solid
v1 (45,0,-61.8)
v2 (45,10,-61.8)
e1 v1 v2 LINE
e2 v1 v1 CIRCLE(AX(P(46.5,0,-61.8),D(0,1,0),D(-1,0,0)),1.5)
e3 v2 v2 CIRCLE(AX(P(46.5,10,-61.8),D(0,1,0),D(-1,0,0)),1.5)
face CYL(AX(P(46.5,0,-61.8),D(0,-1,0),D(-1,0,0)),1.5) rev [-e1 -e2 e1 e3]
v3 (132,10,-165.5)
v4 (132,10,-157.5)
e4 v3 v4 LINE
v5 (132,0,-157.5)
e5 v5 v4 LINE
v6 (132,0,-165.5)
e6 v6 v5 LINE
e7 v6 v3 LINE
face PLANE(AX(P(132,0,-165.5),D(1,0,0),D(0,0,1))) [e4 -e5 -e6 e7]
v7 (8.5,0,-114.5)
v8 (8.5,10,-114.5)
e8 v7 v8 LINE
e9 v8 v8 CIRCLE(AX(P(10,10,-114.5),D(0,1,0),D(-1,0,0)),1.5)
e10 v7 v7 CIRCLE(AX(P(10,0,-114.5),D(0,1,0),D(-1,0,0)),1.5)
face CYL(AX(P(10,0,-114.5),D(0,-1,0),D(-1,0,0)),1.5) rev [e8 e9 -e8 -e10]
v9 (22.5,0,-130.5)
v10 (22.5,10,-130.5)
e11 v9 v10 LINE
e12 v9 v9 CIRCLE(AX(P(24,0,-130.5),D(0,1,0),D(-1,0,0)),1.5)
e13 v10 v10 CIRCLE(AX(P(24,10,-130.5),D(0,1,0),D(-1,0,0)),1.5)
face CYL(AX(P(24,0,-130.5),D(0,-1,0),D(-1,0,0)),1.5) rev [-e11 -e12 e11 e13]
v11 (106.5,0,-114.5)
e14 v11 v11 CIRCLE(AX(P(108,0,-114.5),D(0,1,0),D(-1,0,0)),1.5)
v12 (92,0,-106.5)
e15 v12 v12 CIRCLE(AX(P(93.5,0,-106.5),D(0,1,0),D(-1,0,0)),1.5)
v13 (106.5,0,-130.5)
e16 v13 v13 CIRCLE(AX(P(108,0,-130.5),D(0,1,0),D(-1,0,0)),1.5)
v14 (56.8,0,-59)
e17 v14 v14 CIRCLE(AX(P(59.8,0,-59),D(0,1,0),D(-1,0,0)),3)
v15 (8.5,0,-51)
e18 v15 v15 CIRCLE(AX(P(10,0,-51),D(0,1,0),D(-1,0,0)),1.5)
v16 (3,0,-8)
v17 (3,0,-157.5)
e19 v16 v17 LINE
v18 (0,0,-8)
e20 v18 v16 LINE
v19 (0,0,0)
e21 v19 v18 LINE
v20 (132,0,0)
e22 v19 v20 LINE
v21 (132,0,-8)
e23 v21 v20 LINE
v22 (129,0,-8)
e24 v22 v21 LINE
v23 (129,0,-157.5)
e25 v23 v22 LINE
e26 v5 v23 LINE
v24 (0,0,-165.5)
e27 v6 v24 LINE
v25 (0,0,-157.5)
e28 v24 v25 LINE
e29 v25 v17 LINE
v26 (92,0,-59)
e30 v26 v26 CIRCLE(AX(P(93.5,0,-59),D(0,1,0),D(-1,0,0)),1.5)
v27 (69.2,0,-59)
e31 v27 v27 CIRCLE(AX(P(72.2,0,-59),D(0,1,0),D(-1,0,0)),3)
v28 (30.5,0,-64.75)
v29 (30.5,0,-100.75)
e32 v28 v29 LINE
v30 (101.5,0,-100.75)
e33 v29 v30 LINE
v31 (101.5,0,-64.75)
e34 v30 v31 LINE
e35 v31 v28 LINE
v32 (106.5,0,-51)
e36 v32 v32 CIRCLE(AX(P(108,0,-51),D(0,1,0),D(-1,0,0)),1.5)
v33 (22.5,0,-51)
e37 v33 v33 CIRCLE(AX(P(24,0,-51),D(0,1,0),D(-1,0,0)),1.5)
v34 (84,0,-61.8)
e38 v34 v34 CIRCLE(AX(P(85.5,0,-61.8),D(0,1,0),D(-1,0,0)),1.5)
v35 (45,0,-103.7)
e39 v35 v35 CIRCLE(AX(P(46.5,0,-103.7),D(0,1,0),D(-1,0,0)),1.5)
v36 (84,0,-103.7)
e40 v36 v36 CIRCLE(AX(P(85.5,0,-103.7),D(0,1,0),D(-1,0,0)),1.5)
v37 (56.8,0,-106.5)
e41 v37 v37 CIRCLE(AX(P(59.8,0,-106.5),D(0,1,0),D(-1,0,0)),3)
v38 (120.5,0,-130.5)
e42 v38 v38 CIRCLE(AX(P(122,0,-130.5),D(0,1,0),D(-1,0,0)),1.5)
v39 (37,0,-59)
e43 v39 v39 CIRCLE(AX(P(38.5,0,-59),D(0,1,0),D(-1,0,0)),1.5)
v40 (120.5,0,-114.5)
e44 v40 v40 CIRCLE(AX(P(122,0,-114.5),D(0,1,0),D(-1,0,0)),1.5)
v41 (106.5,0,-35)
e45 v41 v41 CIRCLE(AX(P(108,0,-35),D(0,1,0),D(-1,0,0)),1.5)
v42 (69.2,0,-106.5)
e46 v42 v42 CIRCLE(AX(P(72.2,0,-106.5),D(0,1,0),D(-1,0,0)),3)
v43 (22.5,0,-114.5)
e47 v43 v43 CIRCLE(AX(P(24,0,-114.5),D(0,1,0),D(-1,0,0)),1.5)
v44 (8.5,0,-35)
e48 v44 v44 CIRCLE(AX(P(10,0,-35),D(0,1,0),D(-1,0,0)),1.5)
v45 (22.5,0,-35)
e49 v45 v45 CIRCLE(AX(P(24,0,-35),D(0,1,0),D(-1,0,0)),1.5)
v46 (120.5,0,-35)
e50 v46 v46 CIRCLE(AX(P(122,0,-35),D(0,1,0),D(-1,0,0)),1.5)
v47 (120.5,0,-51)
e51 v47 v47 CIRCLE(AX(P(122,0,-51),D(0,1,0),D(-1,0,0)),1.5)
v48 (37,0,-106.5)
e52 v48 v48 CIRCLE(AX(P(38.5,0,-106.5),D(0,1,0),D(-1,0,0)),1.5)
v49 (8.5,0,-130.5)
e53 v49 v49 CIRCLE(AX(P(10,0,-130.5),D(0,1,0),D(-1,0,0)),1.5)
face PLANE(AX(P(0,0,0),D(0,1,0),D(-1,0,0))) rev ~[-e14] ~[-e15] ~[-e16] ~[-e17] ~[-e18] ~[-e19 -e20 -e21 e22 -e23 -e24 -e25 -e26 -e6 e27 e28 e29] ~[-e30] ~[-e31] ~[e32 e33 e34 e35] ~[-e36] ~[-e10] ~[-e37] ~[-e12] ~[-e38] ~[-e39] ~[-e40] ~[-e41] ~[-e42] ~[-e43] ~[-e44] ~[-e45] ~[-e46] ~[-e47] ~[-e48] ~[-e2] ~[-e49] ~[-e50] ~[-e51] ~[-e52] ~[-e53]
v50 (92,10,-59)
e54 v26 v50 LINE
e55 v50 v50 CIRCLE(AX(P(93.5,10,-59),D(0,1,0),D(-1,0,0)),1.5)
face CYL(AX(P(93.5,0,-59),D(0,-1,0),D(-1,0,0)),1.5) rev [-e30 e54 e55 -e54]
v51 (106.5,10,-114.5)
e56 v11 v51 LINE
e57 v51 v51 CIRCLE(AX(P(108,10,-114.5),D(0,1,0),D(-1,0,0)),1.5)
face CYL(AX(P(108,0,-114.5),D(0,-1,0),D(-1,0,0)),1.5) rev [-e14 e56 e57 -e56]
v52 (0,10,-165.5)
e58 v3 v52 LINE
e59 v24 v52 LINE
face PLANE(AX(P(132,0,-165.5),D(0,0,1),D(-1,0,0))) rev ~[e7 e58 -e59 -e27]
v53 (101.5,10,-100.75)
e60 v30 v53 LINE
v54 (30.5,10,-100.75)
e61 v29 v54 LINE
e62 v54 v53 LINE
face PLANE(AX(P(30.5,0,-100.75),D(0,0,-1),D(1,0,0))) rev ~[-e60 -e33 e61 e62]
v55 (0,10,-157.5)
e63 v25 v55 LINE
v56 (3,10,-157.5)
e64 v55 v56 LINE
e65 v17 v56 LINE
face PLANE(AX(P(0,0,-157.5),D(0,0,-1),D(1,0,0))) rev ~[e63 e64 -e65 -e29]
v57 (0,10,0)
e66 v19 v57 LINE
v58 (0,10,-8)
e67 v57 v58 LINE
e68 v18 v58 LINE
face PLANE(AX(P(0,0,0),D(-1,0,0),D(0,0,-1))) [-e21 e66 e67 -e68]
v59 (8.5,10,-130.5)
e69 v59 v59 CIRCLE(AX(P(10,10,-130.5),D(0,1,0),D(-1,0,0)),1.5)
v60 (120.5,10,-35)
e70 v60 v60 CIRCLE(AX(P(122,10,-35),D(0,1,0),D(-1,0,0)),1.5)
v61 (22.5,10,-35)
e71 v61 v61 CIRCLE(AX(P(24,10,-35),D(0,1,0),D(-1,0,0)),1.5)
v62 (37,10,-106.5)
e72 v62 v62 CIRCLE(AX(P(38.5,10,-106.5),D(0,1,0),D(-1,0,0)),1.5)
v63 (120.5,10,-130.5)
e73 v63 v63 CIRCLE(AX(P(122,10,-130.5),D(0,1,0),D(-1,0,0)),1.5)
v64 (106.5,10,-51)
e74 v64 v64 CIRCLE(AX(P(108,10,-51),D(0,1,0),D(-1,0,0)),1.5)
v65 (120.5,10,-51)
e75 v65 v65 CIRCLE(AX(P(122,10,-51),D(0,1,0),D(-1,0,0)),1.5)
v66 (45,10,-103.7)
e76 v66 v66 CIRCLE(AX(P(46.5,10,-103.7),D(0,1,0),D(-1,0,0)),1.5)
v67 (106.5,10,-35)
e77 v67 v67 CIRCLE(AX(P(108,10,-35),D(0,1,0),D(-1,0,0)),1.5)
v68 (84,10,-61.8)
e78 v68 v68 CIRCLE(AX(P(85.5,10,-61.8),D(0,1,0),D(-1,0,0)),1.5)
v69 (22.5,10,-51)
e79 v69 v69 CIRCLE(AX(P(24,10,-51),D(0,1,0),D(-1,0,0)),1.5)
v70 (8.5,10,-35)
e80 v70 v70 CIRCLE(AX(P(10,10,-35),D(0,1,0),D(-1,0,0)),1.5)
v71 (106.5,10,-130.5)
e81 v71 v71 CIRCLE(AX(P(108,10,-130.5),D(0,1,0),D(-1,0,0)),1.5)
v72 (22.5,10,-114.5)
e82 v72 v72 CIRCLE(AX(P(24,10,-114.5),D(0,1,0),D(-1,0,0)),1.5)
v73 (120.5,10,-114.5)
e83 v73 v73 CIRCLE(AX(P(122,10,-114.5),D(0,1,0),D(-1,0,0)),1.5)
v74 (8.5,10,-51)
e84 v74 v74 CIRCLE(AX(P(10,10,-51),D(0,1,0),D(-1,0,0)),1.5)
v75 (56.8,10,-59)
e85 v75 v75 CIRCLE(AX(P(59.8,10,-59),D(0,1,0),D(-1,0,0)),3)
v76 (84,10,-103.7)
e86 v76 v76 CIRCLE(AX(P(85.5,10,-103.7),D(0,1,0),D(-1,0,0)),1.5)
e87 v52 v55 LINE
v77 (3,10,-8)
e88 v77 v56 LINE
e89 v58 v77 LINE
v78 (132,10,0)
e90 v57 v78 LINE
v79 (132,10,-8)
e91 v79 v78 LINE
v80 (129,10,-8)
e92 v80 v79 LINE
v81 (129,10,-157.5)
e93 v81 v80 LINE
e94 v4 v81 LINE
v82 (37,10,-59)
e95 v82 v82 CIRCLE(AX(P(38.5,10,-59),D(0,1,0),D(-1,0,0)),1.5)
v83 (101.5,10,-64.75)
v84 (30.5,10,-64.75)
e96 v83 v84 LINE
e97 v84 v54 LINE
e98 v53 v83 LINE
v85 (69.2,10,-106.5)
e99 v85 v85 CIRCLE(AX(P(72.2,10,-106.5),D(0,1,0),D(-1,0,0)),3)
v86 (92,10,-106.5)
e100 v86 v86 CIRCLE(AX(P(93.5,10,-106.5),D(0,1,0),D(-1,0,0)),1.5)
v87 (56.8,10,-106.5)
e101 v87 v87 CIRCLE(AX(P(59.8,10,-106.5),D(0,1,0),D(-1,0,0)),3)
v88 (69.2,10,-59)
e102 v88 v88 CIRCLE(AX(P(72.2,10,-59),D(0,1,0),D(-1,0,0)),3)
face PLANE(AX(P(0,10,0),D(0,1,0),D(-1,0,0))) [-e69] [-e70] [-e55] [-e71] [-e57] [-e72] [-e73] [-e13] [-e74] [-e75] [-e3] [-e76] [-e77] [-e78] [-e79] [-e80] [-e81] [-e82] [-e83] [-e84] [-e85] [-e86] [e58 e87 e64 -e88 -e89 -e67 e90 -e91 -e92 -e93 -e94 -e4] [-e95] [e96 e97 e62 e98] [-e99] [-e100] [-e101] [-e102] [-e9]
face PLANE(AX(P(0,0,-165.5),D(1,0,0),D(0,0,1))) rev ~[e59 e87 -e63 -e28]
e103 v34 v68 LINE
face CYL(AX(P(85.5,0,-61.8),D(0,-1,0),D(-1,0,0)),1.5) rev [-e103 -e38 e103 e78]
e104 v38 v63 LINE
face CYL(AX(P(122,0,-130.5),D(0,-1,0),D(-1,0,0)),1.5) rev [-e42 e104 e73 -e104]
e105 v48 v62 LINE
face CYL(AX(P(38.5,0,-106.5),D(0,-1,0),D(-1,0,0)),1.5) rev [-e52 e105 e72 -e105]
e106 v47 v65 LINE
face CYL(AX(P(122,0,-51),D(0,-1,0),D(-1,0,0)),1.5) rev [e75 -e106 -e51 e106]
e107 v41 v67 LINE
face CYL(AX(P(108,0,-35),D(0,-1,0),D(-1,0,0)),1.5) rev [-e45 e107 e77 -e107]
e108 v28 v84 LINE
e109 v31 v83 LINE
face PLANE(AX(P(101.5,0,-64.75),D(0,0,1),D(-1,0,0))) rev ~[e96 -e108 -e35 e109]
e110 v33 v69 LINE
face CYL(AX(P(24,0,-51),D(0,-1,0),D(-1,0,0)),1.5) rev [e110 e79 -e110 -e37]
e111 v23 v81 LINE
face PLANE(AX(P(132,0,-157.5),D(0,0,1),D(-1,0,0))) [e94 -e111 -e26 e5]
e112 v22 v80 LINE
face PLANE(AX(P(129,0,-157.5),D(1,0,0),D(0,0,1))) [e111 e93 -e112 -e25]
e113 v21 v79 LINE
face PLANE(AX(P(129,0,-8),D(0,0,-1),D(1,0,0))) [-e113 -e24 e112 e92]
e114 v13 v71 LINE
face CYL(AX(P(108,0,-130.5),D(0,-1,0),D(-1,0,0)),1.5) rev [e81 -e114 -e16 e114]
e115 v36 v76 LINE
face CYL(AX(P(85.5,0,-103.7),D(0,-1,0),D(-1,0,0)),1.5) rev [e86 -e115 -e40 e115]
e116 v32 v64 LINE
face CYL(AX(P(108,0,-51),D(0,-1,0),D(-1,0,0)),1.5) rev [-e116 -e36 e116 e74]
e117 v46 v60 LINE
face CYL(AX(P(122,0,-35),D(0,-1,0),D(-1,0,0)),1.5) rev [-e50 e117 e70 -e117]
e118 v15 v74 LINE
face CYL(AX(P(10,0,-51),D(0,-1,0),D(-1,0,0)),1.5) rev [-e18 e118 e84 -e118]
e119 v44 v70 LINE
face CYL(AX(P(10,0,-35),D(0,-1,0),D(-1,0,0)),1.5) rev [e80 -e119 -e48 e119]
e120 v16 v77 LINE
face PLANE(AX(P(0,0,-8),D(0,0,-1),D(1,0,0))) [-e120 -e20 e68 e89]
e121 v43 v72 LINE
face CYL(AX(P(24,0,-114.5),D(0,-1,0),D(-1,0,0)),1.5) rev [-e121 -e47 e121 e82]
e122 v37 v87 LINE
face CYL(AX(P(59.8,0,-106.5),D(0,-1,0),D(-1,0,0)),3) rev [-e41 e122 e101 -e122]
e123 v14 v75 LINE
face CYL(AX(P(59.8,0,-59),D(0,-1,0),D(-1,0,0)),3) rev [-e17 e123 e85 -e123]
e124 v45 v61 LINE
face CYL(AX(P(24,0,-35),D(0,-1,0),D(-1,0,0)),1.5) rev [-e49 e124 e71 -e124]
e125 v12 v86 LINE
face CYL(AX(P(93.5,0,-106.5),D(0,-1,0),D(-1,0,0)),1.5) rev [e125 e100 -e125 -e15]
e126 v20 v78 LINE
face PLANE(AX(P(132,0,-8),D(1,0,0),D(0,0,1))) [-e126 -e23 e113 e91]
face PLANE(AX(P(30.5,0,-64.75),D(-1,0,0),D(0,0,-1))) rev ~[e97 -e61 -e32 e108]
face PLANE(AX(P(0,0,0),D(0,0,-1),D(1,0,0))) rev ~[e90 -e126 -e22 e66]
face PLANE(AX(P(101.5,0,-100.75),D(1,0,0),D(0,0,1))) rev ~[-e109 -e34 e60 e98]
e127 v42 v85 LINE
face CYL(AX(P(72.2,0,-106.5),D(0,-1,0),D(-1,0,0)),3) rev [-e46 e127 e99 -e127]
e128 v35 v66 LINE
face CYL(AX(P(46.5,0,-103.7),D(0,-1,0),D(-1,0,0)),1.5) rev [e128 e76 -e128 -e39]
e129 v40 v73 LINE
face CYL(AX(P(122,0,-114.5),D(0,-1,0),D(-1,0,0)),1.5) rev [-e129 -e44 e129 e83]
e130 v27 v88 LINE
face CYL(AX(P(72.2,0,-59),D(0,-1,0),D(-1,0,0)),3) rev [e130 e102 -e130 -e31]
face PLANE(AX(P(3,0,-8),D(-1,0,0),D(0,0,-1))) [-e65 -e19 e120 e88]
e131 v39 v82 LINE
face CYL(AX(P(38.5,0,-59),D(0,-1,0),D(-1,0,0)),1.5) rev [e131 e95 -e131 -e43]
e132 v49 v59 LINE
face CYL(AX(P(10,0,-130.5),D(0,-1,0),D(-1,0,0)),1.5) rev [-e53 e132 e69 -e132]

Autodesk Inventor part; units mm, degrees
ref_plane "YZ Plane" through (0, 0, 0) normal (1, 0, 0) x (0, 1, 0)
ref_plane "XZ Plane" through (0, 0, 0) normal (0, 1, 0) x (-1, 0, 0)
ref_plane "XY Plane" through (0, 0, 0) normal (0, 0, 1) x (1, 0, 0)
sketch "Эскиз1" plane through (0, 0, 0) normal (0, 1, 0) x (-1, 0, 0)
  line L0 (0, 0) -> (-132, 0)
  line L1 (-132, -165.5) -> (0, -165.5)
  line L2 (0, -165.5) -> (0, -157.5)
  line L3 (0, -157.5) -> (-3, -157.5)
  line L4 (0, 0) -> (0, -8)
  line L5 (0, -8) -> (-3, -8)
  line L6 (-3, -8) -> (-3, -157.5)
  line L7 (-132, -165.5) -> (-132, -157.5)
  line L8 (-132, -157.5) -> (-129, -157.5)
  line L9 (-129, -157.5) -> (-129, -8)
  line L10 (-129, -8) -> (-132, -8)
  line L11 (-132, -8) -> (-132, 0)
  line L12 (-30.5, -100.75) -> (-101.5, -100.75)
  line L13 (-101.5, -100.75) -> (-101.5, -64.75)
  line L14 (-101.5, -64.75) -> (-30.5, -64.75)
  line L15 (-30.5, -64.75) -> (-30.5, -100.75)
  circle A0 centre (-59.8, -59) radius 3
  circle A1 centre (-72.2, -59) radius 3
  circle A2 centre (-85.5, -61.8) radius 1.5
  circle A3 centre (-93.5, -59) radius 1.5
  circle A4 centre (-93.5, -106.5) radius 1.5
  circle A5 centre (-85.5, -103.7) radius 1.5
  circle A6 centre (-72.2, -106.5) radius 3
  circle A7 centre (-59.8, -106.5) radius 3
  circle A8 centre (-46.5, -103.7) radius 1.5
  circle A9 centre (-38.5, -106.5) radius 1.5
  circle A10 centre (-38.5, -59) radius 1.5
  circle A11 centre (-46.5, -61.8) radius 1.5
  circle A12 centre (-10, -35) radius 1.5
  circle A13 centre (-10, -51) radius 1.5
  circle A14 centre (-24, -51) radius 1.5
  circle A15 centre (-24, -35) radius 1.5
  circle A16 centre (-24, -114.5) radius 1.5
  circle A17 centre (-10, -114.5) radius 1.5
  circle A18 centre (-10, -130.5) radius 1.5
  circle A19 centre (-24, -130.5) radius 1.5
  circle A20 centre (-108, -130.5) radius 1.5
  circle A21 centre (-108, -114.5) radius 1.5
  circle A22 centre (-122, -114.5) radius 1.5
  circle A23 centre (-122, -130.5) radius 1.5
  circle A24 centre (-122, -51) radius 1.5
  circle A25 centre (-108, -51) radius 1.5
  circle A26 centre (-108, -35) radius 1.5
  circle A27 centre (-122, -35) radius 1.5
extrude "Выдавливание1" add sketch "Эскиз1" along normal blind 10
sketch "Эскиз2" plane through (0, 10, 0) normal (0, 1, 0) x (1, 0, 0)
  line L0 (132, 157.5) -> (132, 165.5) projected
  line L1 (0, 165.5) -> (0, 157.5) projected
  line L2 (0, 0) -> (132, 0) projected
  line L3 (132, 165.5) -> (0, 165.5) projected
  circle A0 centre (10, 114.5) radius 1.5 projected
  circle A1 centre (10, 130.5) radius 1.5 projected
  line L4 (10, 114.5) -> (10, 130.5)
  dimension "d59" = 132
  dimension "d60" = 165.5
properties part number "maze_01_test"
